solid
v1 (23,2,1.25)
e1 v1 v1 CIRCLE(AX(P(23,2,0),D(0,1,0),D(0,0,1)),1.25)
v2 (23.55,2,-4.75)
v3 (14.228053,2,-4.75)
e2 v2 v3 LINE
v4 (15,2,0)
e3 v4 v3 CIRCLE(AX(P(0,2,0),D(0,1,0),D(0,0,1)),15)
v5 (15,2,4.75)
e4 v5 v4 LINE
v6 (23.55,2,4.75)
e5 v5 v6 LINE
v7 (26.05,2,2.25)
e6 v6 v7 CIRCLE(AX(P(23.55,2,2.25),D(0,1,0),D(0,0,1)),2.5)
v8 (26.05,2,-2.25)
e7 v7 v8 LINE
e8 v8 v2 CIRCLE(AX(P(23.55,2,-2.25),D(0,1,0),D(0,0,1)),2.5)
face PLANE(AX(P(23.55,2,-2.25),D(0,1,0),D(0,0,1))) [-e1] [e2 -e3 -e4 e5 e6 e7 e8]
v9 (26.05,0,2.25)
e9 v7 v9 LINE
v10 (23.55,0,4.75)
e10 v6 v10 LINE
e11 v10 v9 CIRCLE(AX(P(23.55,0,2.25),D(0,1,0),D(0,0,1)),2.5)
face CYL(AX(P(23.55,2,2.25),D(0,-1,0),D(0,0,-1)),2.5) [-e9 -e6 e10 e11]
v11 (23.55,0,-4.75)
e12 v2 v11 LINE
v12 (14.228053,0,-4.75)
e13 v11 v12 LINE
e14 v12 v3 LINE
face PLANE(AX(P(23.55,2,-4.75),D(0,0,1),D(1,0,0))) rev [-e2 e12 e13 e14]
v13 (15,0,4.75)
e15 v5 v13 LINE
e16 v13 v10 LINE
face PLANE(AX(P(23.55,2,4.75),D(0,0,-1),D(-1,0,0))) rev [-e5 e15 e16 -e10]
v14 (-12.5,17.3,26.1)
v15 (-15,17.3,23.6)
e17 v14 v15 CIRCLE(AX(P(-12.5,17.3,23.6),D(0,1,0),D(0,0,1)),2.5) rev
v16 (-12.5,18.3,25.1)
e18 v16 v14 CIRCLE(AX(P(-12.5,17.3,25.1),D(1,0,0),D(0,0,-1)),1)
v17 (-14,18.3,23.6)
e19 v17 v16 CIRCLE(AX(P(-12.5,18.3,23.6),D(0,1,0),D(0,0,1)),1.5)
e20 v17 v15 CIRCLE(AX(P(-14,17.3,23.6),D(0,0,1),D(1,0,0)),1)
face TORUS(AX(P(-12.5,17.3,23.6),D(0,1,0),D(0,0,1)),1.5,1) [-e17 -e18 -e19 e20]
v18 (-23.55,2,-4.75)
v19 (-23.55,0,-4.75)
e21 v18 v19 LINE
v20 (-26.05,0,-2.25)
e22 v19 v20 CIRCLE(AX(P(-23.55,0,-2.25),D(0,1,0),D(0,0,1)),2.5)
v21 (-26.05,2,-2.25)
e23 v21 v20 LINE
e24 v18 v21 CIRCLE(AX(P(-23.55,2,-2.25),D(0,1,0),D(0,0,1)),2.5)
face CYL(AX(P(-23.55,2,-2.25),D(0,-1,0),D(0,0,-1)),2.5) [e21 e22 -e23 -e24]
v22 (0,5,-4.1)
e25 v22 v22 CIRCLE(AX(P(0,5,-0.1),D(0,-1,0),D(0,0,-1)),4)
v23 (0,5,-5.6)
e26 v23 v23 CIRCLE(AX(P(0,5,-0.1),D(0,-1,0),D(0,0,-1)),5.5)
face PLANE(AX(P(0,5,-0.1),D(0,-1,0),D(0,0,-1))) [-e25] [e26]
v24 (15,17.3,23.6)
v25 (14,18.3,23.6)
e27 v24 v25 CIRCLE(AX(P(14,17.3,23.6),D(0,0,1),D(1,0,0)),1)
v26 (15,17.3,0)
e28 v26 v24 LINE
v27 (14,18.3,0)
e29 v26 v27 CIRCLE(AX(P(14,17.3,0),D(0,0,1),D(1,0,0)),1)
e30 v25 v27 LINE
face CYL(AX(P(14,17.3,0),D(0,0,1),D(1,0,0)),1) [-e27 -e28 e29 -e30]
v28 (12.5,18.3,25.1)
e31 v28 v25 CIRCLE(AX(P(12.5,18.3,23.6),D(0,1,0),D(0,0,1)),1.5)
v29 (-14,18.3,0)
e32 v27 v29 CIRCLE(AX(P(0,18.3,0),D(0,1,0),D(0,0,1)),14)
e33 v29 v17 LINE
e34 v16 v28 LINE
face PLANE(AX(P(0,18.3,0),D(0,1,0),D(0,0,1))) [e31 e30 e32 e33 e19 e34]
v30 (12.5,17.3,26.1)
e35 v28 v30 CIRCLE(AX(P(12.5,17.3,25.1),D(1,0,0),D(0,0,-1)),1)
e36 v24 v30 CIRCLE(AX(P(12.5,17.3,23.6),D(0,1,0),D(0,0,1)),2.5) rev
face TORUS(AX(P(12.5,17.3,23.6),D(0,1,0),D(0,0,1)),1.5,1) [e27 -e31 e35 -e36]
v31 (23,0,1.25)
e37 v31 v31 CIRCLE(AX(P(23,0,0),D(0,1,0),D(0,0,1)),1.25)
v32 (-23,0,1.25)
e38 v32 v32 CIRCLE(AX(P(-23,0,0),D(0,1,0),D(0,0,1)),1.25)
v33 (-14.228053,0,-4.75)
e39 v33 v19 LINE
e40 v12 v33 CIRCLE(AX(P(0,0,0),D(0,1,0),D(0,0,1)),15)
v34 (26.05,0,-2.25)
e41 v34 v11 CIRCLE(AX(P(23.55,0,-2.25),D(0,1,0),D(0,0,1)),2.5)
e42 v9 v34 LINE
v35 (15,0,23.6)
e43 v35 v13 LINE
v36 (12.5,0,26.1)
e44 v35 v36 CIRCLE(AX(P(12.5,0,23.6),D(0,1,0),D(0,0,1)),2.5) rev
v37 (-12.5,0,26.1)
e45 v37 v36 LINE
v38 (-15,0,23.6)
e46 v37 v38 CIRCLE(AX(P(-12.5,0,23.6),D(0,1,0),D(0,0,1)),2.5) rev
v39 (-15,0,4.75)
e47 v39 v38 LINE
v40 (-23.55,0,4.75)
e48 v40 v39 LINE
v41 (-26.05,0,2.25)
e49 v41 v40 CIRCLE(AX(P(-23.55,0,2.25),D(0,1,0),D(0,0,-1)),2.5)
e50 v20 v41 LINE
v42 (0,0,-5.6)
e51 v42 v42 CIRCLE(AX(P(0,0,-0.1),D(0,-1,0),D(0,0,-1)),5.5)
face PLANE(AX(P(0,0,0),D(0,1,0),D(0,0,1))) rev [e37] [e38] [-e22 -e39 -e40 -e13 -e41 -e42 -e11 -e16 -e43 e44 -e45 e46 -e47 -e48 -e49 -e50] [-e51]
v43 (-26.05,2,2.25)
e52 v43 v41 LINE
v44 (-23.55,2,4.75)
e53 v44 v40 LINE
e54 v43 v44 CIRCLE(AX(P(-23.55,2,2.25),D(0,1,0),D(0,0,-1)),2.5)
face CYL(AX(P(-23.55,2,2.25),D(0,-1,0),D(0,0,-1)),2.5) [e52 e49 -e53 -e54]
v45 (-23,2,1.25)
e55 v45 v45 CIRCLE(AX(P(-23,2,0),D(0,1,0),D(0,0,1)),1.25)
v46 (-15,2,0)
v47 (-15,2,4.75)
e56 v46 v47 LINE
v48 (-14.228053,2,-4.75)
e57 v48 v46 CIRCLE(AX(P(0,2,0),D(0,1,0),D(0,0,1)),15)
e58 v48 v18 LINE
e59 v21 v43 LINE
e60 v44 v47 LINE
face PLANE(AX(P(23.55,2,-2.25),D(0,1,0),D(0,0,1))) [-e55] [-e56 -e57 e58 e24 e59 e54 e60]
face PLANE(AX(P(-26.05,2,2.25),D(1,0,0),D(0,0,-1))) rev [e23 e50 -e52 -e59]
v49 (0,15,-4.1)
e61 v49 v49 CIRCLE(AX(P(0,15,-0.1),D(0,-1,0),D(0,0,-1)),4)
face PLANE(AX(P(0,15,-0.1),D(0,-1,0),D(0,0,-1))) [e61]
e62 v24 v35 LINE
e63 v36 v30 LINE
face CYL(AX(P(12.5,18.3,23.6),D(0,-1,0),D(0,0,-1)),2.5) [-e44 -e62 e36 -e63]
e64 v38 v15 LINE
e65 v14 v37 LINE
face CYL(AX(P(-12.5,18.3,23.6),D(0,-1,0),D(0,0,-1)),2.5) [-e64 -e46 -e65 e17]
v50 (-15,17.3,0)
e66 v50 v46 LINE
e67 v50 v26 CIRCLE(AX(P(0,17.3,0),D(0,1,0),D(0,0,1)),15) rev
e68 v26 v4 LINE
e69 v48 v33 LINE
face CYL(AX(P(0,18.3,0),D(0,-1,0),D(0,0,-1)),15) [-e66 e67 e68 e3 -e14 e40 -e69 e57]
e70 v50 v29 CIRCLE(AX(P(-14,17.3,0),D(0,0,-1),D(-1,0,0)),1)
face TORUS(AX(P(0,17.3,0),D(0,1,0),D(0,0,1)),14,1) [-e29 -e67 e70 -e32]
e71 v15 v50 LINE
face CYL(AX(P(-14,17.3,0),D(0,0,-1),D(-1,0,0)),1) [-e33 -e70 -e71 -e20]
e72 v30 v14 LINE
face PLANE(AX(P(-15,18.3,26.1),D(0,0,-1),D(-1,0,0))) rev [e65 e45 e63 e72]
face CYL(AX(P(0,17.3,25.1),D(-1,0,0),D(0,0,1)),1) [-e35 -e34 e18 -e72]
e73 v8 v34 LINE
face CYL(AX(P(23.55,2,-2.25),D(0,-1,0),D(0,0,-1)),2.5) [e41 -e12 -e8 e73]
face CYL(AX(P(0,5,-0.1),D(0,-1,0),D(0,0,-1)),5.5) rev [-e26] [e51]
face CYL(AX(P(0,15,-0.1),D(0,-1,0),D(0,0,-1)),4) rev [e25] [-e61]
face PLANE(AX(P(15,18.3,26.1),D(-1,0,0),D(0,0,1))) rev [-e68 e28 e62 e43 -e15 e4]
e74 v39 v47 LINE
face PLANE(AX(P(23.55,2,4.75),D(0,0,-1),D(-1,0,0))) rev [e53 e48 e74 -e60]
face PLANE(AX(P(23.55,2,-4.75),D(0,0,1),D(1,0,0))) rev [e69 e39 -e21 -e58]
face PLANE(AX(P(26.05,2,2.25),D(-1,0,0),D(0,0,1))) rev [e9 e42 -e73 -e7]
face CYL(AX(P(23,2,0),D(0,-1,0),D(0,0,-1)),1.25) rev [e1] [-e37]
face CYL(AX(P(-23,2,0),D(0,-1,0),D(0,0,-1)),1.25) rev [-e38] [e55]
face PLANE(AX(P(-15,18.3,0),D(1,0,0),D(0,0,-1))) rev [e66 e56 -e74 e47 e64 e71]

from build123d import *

# Parameters (mm, degrees)
BOSS_EXTRUDE1_DEPTH = 18.3
SKETCH2_R           = 1.25
BOSS_EXTRUDE2_DEPTH = 2
FILLET1_R           = 2.5
SKETCH3_R           = 5.5
CUT_EXTRUDE2_DEPTH  = 5
SKETCH5_R           = 4
CUT_EXTRUDE3_DEPTH  = 15
FILLET2_R           = 1


with BuildPart() as part:
    # Sketch1 → Boss-Extrude1 (new body)
    with BuildSketch(Plane(origin=(0, 0, 0), x_dir=(1, 0, 0), z_dir=(0, 1, 0))):
        with BuildLine():
            Line((-15, 0), (-15, -26.1))
            Line((-15, -26.1), (15, -26.1))
            Line((15, -26.1), (15, 0))
            ThreePointArc((15, 0), (0, 15), (-15, 0))
        make_face()
    extrude(amount=BOSS_EXTRUDE1_DEPTH)

    # Sketch2 → Boss-Extrude2 (add)
    with BuildSketch(Plane(origin=(0, 0, 0), x_dir=(1, 0, 0), z_dir=(0, 1, 0))):
        with BuildLine():
            Line((23.55, -4.75), (-23.55, -4.75))
            ThreePointArc((-23.55, -4.75), (-25.317766953, -4.017766953), (-26.05, -2.25))
            Line((-26.05, -2.25), (-26.05, 2.25))
            ThreePointArc((-26.05, 2.25), (-25.317766953, 4.017766953), (-23.55, 4.75))
            Line((-23.55, 4.75), (23.55, 4.75))
            ThreePointArc((23.55, 4.75), (25.317766953, 4.017766953), (26.05, 2.25))
            Line((26.05, 2.25), (26.05, -2.25))
            ThreePointArc((26.05, -2.25), (25.317766953, -4.017766953), (23.55, -4.75))
        make_face()
        with Locations((-23, 0)):
            Circle(SKETCH2_R, mode=Mode.SUBTRACT)
        with Locations((23, 0)):
            Circle(SKETCH2_R, mode=Mode.SUBTRACT)
    extrude(amount=BOSS_EXTRUDE2_DEPTH)

    # Fillet1
    fillet1_edges = [part.edges().sort_by_distance(p)[0] for p in [
        (15, 9.15, 26.1),
        (-15, 9.15, 26.1),
    ]]
    fillet(fillet1_edges, radius=FILLET1_R)

    # Sketch3 → Cut-Extrude2 (cut)
    with BuildSketch(Plane(origin=(0, 0, 0), x_dir=(-1, 0, 0), z_dir=(0, -1, 0))):
        with Locations((0, 0.1)):
            Circle(SKETCH3_R)
    extrude(amount=-CUT_EXTRUDE2_DEPTH, mode=Mode.SUBTRACT)

    # Sketch5 → Cut-Extrude3 (cut)
    with BuildSketch(Plane(origin=(0, 0, 0), x_dir=(-1, 0, 0), z_dir=(0, -1, 0))):
        with Locations((0, 0.1)):
            Circle(SKETCH5_R)
    extrude(amount=-CUT_EXTRUDE3_DEPTH, mode=Mode.SUBTRACT)

    # Fillet2
    fillet2_edges = [part.edges().sort_by_distance(p)[0] for p in [
        (0, 18.3, -15),
        (0, 18.3, 26.1),
        (15, 18.3, 11.8),
        (14.267766953, 18.3, 25.367766953),
        (-14.267766953, 18.3, 25.367766953),
        (-15, 18.3, 11.8),
    ]]
    fillet(fillet2_edges, radius=FILLET2_R)


solid = part.part
